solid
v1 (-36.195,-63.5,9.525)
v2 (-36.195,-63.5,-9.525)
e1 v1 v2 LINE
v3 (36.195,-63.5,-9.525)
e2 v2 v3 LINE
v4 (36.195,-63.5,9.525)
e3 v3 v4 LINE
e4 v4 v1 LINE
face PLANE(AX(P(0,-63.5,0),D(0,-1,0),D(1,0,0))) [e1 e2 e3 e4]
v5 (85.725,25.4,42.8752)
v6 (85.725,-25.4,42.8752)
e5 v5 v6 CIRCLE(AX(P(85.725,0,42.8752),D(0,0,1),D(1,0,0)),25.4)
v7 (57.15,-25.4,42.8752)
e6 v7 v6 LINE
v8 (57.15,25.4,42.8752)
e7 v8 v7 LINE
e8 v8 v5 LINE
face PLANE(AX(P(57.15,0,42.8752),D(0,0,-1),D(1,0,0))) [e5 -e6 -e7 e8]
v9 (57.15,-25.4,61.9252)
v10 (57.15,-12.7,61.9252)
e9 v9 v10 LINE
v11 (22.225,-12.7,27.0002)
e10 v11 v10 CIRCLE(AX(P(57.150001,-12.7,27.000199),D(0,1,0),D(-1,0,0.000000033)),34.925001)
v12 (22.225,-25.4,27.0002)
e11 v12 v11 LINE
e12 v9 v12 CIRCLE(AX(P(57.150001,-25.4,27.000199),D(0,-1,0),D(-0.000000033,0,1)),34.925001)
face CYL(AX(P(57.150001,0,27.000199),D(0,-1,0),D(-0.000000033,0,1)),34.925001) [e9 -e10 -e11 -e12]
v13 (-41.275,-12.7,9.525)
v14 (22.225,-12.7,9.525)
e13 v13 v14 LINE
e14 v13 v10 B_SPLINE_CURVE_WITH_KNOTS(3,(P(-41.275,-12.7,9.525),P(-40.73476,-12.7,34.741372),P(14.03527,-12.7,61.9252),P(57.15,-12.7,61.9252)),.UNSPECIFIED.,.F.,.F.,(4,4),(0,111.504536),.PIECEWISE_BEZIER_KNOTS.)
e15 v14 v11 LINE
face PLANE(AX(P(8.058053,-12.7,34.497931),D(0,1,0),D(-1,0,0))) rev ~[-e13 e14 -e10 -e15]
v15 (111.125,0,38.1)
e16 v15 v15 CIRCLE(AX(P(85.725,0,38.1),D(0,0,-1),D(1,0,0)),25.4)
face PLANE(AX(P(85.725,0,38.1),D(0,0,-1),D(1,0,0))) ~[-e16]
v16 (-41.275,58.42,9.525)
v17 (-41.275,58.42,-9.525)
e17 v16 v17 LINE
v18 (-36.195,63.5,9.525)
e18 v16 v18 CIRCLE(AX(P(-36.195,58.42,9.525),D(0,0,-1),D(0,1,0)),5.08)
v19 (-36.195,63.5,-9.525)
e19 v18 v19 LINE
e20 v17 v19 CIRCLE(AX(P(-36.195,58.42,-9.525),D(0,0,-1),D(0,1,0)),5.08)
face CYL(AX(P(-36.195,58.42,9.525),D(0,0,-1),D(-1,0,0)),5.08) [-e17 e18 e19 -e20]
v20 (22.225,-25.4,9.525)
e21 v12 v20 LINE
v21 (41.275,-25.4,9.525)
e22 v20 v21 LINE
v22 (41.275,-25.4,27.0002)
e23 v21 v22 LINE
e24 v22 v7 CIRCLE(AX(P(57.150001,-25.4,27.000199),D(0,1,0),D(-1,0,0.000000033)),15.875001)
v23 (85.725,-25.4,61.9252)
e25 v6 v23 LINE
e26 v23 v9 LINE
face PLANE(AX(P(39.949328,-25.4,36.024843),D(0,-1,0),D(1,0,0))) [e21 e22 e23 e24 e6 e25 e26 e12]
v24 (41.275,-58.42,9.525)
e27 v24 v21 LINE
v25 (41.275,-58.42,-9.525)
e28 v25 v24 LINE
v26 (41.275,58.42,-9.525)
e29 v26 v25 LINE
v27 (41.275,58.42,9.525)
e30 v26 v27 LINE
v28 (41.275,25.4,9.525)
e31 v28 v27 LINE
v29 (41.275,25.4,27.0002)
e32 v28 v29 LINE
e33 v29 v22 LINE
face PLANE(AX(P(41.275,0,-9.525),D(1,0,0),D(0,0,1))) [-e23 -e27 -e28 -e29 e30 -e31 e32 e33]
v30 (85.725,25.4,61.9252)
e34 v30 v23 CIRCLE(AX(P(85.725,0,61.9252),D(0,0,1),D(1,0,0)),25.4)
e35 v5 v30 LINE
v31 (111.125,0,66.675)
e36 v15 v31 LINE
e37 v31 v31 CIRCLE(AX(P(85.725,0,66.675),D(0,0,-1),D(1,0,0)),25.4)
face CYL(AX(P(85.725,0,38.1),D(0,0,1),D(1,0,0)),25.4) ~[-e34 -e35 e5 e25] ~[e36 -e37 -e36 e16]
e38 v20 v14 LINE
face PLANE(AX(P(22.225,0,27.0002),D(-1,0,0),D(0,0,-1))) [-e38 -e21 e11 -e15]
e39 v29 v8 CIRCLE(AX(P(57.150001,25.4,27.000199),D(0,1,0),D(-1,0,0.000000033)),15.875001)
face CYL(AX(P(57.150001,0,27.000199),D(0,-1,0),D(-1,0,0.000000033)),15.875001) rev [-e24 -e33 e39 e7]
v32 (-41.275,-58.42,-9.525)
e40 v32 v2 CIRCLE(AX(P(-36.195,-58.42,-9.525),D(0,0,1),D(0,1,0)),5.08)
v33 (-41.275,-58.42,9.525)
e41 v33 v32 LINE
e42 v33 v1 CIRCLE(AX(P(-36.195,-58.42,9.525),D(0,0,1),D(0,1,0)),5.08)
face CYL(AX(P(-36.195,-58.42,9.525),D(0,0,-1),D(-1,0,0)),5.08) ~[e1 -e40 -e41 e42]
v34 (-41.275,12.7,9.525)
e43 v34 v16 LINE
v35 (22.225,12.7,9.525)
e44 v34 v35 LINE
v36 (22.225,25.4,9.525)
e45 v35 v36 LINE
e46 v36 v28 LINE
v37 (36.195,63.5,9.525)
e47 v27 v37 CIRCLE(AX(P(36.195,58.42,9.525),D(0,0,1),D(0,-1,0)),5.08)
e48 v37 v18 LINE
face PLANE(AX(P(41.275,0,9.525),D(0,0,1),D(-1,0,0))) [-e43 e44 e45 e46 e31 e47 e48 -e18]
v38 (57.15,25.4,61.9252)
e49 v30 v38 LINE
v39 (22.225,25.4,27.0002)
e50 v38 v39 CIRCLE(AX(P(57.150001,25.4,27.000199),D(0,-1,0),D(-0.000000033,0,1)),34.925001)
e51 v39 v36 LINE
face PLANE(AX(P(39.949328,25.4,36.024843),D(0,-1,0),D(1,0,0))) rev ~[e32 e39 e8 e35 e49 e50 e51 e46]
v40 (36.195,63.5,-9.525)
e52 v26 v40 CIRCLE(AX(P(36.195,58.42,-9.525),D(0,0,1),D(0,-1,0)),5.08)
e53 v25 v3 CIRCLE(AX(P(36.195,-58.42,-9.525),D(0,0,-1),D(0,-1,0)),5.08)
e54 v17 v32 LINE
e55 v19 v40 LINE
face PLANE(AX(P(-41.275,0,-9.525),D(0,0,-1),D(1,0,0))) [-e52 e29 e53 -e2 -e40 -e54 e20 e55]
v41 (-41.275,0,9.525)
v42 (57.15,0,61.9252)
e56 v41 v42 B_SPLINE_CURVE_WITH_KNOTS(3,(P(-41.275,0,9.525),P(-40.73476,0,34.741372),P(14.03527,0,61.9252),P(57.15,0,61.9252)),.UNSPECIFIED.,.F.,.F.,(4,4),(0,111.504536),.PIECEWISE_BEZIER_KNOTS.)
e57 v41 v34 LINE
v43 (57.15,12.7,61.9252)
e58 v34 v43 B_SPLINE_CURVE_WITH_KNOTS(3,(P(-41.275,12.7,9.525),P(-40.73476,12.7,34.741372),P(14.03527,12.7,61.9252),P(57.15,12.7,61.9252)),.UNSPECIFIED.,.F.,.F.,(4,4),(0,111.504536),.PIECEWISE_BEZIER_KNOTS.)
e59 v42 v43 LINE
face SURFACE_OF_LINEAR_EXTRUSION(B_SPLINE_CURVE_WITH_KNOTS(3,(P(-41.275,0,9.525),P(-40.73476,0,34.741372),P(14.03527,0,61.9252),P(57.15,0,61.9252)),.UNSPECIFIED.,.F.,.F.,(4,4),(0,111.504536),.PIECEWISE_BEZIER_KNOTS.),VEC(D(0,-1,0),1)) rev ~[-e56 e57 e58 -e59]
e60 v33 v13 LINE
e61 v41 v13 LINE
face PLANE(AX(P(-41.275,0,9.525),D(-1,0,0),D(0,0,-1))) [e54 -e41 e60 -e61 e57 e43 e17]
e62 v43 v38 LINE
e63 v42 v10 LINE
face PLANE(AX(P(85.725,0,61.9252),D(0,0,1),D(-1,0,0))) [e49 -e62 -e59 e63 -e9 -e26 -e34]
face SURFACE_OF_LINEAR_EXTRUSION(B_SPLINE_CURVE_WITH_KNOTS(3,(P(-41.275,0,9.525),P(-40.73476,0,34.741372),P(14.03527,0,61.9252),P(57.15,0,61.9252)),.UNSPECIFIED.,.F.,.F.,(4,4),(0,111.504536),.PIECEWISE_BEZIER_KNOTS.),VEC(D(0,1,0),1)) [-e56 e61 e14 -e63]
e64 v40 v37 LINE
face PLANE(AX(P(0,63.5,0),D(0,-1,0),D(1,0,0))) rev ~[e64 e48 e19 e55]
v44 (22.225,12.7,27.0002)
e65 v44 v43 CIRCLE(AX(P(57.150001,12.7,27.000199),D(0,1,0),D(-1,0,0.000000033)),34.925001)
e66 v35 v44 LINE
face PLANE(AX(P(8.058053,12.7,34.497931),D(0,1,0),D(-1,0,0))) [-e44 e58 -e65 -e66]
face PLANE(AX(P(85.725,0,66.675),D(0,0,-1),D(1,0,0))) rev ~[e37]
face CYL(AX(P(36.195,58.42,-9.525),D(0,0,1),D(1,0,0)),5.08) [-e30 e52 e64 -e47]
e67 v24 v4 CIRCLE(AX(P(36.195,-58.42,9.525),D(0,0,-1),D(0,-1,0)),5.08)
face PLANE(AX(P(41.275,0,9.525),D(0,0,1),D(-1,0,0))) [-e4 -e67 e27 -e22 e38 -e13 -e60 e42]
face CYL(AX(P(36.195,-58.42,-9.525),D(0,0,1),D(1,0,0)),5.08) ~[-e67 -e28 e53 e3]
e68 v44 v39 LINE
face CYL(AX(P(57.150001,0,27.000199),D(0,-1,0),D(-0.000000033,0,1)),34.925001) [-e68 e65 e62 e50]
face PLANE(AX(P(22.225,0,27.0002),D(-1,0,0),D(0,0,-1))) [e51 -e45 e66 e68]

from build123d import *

# Parameters (mm, degrees)
F1_DEPTH = 63.5
F2_DEPTH = 25.4
F3_DEPTH = 12.7
F5_R     = 5.08


with BuildPart() as f1:
    # F0 (on Front) → F1 (new body, symmetric)
    with BuildSketch(Plane.XZ):
        Polygon((-41.275, 9.525), (-41.275, -9.525), (41.275, -9.525), (41.275, 9.525), (22.225, 9.525), align=None)
    extrude(amount=F1_DEPTH, both=True)

    # F0 (on Front) → F2 (join, symmetric)
    with BuildSketch(Plane.XZ):
        with BuildLine():
            Line((22.225, 9.525), (41.275, 9.525))
            Line((41.275, 9.525), (41.275, 27.0002))
            ThreePointArc((41.275, 27.0002), (45.92468, 38.22552), (57.15, 42.8752))
            Line((57.15, 42.8752), (60.325, 42.8752))
            Line((60.325, 42.8752), (60.325, 61.9252))
            Line((60.325, 61.9252), (57.15, 61.9252))
            ThreePointArc((57.15, 61.9252), (32.454296, 51.695904), (22.225, 27.0002))
            Line((22.225, 27.0002), (22.225, 9.525))
        make_face()
        Polygon((77.207536, 61.9252), (60.325, 61.9252), (60.325, 42.8752), (77.207536, 42.8752), (85.725, 42.8752), (85.725, 61.9252), align=None)
    extrude(amount=F2_DEPTH, both=True)

    # F0 (on Front) → F3 (join, symmetric)
    with BuildSketch(Plane.XZ):
        with BuildLine():
            add(Edge.make_bspline(
                [(-41.275, 9.525), (-40.73476, 34.741372), (14.03527, 61.9252), (57.15, 61.9252)],
                knots=[0, 0, 0, 0, 111.504536, 111.504536, 111.504536, 111.504536], degree=3))
            Line((-41.275, 9.525), (22.225, 9.525))
            Line((22.225, 9.525), (22.225, 27.0002))
            ThreePointArc((22.225, 27.0002), (32.454296, 51.695904), (57.15, 61.9252))
        make_face()
    extrude(amount=F3_DEPTH, both=True)

    # F0 (on Front) → F4 (revolve)
    with BuildSketch(Plane.XZ):
        Polygon((111.125, 66.675), (85.725, 66.675), (85.725, 61.9252), (85.725, 42.8752), (85.725, 38.1), (111.125, 38.1), align=None)
    revolve(axis=Axis((85.725, 0, 52.3875), (0, 0, -1)))

    # F5
    f5_edges = [f1.edges().sort_by_distance(p)[0] for p in [
        (41.275, -63.5, 0),
        (-41.275, -63.5, 0),
        (41.275, 63.5, 0),
        (-41.275, 63.5, 0),
    ]]
    fillet(f5_edges, radius=F5_R)


solid = f1.part
